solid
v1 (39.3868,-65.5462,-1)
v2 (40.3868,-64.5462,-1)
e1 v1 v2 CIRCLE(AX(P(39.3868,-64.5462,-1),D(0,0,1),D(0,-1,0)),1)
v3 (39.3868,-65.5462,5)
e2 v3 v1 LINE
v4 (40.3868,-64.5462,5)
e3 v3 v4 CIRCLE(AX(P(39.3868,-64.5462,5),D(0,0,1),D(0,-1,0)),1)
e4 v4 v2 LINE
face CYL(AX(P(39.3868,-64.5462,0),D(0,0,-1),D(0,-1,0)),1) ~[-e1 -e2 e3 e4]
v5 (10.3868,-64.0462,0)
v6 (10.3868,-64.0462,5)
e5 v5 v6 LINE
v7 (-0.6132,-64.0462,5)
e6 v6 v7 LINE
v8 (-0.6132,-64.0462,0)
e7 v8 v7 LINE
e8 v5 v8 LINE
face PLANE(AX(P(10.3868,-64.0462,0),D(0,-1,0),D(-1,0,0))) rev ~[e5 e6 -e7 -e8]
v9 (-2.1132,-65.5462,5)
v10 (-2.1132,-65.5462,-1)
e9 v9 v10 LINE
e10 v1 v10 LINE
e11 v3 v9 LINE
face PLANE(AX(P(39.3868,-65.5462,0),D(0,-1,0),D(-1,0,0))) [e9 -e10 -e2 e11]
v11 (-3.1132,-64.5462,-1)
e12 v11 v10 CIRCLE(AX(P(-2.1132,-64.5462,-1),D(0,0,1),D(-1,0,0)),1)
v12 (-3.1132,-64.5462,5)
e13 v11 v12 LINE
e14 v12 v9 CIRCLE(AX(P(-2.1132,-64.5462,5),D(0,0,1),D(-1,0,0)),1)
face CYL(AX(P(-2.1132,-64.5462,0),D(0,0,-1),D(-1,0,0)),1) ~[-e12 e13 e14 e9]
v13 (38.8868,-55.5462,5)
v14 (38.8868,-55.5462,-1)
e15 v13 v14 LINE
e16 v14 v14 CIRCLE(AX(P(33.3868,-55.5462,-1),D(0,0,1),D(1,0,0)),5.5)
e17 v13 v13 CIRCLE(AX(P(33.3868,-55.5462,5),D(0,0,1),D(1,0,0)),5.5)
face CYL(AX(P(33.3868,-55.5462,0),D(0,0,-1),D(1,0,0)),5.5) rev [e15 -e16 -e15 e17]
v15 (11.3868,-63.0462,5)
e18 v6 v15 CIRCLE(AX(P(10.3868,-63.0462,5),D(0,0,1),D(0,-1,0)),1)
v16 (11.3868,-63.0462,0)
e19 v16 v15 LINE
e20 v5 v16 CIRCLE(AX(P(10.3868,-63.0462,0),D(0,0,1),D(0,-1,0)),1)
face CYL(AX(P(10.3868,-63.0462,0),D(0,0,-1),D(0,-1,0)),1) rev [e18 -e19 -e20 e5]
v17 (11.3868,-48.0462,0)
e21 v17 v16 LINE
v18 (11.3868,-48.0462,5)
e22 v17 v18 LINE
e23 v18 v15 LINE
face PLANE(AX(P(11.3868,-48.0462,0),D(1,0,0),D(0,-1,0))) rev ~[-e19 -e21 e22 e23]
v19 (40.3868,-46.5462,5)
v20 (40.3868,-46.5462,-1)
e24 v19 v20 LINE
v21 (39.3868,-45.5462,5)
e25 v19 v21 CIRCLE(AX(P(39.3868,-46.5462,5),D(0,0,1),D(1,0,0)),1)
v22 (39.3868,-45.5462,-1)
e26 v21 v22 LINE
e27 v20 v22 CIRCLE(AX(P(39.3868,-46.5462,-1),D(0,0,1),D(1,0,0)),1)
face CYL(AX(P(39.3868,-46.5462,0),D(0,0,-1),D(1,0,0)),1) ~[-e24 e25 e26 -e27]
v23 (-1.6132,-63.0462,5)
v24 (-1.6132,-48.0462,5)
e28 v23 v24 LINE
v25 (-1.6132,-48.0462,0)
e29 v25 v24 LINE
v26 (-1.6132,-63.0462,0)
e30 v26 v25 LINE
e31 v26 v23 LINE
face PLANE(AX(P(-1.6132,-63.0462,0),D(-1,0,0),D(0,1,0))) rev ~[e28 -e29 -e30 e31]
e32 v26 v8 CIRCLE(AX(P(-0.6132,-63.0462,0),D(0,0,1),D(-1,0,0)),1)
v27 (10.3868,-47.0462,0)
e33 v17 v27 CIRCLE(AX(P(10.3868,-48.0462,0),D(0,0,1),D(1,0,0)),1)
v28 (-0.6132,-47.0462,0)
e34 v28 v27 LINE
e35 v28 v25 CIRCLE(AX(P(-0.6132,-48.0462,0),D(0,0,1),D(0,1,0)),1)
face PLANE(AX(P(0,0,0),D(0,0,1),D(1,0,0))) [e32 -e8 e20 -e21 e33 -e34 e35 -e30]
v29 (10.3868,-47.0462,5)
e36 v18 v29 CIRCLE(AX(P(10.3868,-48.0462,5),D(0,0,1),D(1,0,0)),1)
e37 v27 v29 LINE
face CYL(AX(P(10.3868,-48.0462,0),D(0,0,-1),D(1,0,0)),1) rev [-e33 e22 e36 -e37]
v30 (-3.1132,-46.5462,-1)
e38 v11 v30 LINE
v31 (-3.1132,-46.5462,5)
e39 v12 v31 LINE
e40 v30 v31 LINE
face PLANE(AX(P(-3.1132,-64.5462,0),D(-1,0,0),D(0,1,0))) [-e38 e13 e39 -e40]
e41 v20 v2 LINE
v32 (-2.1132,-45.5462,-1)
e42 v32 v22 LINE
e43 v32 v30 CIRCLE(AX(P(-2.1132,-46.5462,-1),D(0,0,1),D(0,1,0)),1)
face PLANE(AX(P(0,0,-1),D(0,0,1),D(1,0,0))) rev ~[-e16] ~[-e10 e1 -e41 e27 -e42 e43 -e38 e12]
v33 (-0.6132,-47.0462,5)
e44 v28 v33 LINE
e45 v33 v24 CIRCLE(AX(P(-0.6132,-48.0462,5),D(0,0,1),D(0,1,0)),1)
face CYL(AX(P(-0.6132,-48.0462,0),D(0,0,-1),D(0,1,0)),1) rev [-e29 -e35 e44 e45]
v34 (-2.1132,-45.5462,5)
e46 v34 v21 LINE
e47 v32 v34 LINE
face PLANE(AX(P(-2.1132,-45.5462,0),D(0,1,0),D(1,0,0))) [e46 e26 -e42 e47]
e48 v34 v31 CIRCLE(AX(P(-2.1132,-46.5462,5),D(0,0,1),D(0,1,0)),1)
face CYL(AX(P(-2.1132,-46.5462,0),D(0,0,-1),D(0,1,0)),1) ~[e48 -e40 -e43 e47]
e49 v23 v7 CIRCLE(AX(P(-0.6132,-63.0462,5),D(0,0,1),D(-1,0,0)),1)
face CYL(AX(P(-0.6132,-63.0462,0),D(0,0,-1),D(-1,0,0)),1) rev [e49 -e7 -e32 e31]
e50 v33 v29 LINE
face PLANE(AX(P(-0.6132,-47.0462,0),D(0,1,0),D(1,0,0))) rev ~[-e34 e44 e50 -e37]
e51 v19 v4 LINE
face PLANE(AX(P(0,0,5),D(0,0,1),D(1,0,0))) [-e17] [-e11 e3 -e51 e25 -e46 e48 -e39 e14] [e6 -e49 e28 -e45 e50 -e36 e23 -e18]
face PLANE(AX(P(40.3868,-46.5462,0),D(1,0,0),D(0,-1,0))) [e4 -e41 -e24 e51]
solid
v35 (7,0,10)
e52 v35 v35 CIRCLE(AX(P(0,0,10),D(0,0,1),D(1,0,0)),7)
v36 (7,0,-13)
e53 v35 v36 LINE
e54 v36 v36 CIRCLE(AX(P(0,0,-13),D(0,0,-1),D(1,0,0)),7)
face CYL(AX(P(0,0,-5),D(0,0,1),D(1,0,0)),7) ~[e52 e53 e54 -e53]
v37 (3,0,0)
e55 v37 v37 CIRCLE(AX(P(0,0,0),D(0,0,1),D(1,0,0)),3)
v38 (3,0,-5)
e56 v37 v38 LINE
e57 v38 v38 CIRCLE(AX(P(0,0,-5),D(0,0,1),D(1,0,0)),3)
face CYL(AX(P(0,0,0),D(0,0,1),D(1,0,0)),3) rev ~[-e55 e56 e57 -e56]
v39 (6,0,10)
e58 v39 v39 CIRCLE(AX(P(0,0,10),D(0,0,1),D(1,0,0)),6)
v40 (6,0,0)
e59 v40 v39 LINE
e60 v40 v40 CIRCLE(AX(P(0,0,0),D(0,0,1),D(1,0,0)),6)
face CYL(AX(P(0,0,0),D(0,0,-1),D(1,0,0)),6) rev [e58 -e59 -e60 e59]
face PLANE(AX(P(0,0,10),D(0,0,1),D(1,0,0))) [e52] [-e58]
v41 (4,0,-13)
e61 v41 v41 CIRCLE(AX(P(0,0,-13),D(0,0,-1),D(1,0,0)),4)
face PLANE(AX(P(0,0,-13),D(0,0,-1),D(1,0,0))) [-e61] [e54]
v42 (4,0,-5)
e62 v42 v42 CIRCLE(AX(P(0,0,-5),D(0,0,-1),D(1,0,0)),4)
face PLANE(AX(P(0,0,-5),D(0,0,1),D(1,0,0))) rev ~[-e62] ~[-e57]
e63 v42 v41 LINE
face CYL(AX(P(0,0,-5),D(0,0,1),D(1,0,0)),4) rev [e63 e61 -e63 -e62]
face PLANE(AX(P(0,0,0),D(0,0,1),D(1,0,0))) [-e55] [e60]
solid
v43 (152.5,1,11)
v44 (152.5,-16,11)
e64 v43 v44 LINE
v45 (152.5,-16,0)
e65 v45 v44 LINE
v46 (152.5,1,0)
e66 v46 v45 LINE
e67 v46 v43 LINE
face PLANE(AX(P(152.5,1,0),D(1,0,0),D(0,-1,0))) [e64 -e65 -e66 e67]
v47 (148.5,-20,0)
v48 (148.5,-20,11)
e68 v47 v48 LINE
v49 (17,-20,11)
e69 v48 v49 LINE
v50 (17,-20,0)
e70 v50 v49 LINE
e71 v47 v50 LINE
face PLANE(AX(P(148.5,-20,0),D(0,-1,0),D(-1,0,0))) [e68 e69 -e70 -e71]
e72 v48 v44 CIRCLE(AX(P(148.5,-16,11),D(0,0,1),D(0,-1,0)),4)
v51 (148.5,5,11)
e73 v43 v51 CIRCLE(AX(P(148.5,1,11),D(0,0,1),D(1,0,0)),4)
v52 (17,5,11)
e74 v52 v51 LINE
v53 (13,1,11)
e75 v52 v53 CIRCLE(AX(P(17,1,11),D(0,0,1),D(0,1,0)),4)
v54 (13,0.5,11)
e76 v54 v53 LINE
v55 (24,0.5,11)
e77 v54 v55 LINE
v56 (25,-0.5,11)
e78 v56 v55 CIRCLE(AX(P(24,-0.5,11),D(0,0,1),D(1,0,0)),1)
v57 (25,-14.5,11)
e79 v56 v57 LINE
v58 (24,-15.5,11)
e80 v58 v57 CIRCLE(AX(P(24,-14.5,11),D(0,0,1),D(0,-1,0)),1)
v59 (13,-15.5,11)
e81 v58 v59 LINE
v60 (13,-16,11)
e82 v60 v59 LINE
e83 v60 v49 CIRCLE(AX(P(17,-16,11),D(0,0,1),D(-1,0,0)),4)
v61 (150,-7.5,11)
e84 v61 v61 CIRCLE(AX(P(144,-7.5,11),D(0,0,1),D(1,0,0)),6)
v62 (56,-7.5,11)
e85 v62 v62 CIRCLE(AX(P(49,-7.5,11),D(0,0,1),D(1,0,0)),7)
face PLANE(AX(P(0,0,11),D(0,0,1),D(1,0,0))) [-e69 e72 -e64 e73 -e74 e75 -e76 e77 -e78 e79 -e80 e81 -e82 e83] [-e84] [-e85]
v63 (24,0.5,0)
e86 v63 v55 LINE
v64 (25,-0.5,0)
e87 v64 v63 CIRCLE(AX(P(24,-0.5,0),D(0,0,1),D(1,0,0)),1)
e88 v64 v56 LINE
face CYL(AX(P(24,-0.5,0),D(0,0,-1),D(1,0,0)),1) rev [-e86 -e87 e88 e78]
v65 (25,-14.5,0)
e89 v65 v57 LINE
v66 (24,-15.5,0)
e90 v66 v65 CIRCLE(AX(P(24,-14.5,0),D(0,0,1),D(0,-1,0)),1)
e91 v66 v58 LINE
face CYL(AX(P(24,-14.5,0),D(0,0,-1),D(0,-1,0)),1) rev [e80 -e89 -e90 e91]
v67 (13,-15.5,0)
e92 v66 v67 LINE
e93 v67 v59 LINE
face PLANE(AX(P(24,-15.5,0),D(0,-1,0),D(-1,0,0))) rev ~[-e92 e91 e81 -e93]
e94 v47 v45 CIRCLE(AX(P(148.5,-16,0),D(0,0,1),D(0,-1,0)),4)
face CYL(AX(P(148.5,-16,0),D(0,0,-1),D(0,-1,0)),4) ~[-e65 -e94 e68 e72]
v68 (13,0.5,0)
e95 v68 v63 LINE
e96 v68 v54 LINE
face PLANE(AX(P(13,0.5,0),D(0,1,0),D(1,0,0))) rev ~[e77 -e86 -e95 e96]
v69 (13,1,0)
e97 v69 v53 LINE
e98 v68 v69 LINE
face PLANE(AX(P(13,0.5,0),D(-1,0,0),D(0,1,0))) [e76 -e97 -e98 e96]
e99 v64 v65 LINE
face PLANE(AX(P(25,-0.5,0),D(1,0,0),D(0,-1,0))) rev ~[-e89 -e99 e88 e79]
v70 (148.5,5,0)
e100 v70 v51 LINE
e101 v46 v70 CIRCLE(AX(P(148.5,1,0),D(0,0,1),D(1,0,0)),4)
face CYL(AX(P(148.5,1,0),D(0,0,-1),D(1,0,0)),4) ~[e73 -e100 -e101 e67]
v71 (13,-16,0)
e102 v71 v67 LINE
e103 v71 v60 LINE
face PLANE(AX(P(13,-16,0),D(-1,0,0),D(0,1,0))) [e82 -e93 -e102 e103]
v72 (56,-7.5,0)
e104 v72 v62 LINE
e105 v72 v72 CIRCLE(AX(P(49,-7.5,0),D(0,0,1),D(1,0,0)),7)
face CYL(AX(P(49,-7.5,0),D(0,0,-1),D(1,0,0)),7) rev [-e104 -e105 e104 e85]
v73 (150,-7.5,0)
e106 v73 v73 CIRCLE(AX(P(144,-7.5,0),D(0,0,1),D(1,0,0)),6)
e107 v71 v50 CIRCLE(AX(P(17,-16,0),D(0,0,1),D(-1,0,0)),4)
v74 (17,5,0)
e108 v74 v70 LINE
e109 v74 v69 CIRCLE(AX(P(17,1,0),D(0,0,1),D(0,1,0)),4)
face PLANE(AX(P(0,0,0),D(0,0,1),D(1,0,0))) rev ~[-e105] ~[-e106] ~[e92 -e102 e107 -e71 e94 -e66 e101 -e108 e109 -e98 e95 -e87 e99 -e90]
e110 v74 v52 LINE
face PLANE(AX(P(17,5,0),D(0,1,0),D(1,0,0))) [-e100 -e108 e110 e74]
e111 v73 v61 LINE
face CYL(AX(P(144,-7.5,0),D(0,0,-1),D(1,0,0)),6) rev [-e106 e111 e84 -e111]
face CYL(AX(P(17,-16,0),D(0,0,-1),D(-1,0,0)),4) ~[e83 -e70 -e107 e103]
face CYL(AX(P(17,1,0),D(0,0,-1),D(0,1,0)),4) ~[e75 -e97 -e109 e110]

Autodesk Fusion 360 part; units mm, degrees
sketch "Sketch1" plane through (0, 0, 0) normal (0, 0, 1) x (1, 0, 0)
  circle A0 centre (0, 0) radius 2.5
  circle A1 centre (0, 0) radius 3
  circle A2 centre (0, 0) radius 6
  circle A3 centre (0, 0) radius 7
  dimension "d1" = 5
  dimension "d2" = 0.5
  dimension "d5" = 12
  dimension "d6" = 1
extrude "Extrude1" add sketch "Sketch1" along normal blind 10 contours A3 makes body 1
extrude "Extrude2" add sketch "Sketch1" against normal blind 5 contours A2 | A3 bodies 1
sketch "Sketch2" plane through (0, 0, 0) normal (0, 0, 1) x (1, 0, 0)
  line L0 (17, 5) -> (148.5, 5)
  line L1 (152.5, 1) -> (152.5, -16)
  line L2 (148.5, -20) -> (17, -20)
  line L3 (13, -16) -> (13, 1)
  line L4 (13, 0.5) -> (24, 0.5)
  line L5 (25, -0.5) -> (25, -14.5)
  line L6 (24, -15.5) -> (13, -15.5)
  line L7 (13, -15.5) -> (13, 0.5)
  circle A0 centre (49, -7.5) radius 6.5
  circle A1 centre (49, -7.5) radius 7
  circle A2 centre (144, -7.5) radius 6
  arc A3 (17, 5) -> (13, 1) centre (17, 1) ccw
  arc A4 (13, -16) -> (17, -20) centre (17, -16) ccw
  arc A5 (148.5, -20) -> (152.5, -16) centre (148.5, -16) ccw
  arc A6 (152.5, 1) -> (148.5, 5) centre (148.5, 1) ccw
  arc A7 (25, -0.5) -> (24, 0.5) centre (24, -0.5) ccw
  arc A8 (24, -15.5) -> (25, -14.5) centre (24, -14.5) ccw
  point P0 (12.5, -1.5)
  dimension "d9" = 25
  dimension "d10" = 16
  dimension "d11" = 4.5
  dimension "d12" = 4.5
  dimension "d13" = 12
  dimension "d14" = 24
  dimension "d15" = 13
  dimension "d16" = 0.5
  dimension "d17" = 95
  dimension "d18" = 12.5
  dimension "d19" = 12.5
  dimension "d20" = 12.5
  dimension "d21" = 12.5
  dimension "d22" = 12
  dimension "d39" = 4
  dimension "d40" = 4
  dimension "d41" = 1
  dimension "d47" = 8.5
extrude "Extrude3" add sketch "Sketch2" along normal blind 11 separate body contours L0 L1 L2 L3 L4 L5 L6 A3 A4 A5 A6 A7 A8 makes body 2
sketch "Sketch3" plane through (0, 0, 0) normal (0, 0, 1) x (1, 0, 0)
  line L0 (-2.1132, -45.5462) -> (39.3868, -45.5462)
  line L1 (40.3868, -46.5462) -> (40.3868, -64.5462)
  line L2 (39.3868, -65.5462) -> (-2.1132, -65.5462)
  line L3 (-3.1132, -64.5462) -> (-3.1132, -46.5462)
  line L4 (-0.6132, -47.0462) -> (10.3868, -47.0462)
  line L5 (11.3868, -48.0462) -> (11.3868, -63.0462)
  line L6 (10.3868, -64.0462) -> (-0.6132, -64.0462)
  line L7 (-1.6132, -63.0462) -> (-1.6132, -48.0462)
  circle A0 centre (33.3868, -55.5462) radius 5.5
  arc A1 (-0.6132, -47.0462) -> (-1.6132, -48.0462) centre (-0.6132, -48.0462) ccw
  arc A2 (11.3868, -48.0462) -> (10.3868, -47.0462) centre (10.3868, -48.0462) ccw
  arc A3 (10.3868, -64.0462) -> (11.3868, -63.0462) centre (10.3868, -63.0462) ccw
  arc A4 (-1.6132, -63.0462) -> (-0.6132, -64.0462) centre (-0.6132, -63.0462) ccw
  arc A5 (-2.1132, -45.5462) -> (-3.1132, -46.5462) centre (-2.1132, -46.5462) ccw
  arc A6 (-3.1132, -64.5462) -> (-2.1132, -65.5462) centre (-2.1132, -64.5462) ccw
  arc A7 (39.3868, -65.5462) -> (40.3868, -64.5462) centre (39.3868, -64.5462) ccw
  arc A8 (40.3868, -46.5462) -> (39.3868, -45.5462) centre (39.3868, -46.5462) ccw
  dimension "d25" = 20
  dimension "d26" = 17
  dimension "d27" = 1.5
  dimension "d28" = 1.5
  dimension "d29" = 1.5
  dimension "d30" = 22
  dimension "d31" = 10
  dimension "d32" = 10
  dimension "d33" = 7
  dimension "d34" = 11
  dimension "d42" = 13
  dimension "d43" = 1
  dimension "d44" = 1
extrude "Extrude4" add sketch "Sketch3" along normal blind 5 separate body makes body 3
extrude "Extrude5" add sketch "Sketch3" against normal blind 1 contours L0 L1 L2 L3 A5 A6 A7 A8 | L4 L5 L6 L7 A1 A2 A3 A4 | A0 bodies 3
extrude "Extrude6" cut 1 faces at (36.2412, -54.5134, 0) along direction (0, 0, -1) blind 1 on bodies 3 bodies 3
sketch "Sketch4" plane through (0, 0, -5) normal (0, 0, -1) x (1, 0, 0)
  circle A0 centre (0, 0) radius 3
  circle A1 centre (0, 0) radius 7
  circle A2 centre (0, 0) radius 4
  dimension "d48" = 8
extrude "Extrude7" add sketch "Sketch4" along normal blind 8 contours A1 bodies 1
